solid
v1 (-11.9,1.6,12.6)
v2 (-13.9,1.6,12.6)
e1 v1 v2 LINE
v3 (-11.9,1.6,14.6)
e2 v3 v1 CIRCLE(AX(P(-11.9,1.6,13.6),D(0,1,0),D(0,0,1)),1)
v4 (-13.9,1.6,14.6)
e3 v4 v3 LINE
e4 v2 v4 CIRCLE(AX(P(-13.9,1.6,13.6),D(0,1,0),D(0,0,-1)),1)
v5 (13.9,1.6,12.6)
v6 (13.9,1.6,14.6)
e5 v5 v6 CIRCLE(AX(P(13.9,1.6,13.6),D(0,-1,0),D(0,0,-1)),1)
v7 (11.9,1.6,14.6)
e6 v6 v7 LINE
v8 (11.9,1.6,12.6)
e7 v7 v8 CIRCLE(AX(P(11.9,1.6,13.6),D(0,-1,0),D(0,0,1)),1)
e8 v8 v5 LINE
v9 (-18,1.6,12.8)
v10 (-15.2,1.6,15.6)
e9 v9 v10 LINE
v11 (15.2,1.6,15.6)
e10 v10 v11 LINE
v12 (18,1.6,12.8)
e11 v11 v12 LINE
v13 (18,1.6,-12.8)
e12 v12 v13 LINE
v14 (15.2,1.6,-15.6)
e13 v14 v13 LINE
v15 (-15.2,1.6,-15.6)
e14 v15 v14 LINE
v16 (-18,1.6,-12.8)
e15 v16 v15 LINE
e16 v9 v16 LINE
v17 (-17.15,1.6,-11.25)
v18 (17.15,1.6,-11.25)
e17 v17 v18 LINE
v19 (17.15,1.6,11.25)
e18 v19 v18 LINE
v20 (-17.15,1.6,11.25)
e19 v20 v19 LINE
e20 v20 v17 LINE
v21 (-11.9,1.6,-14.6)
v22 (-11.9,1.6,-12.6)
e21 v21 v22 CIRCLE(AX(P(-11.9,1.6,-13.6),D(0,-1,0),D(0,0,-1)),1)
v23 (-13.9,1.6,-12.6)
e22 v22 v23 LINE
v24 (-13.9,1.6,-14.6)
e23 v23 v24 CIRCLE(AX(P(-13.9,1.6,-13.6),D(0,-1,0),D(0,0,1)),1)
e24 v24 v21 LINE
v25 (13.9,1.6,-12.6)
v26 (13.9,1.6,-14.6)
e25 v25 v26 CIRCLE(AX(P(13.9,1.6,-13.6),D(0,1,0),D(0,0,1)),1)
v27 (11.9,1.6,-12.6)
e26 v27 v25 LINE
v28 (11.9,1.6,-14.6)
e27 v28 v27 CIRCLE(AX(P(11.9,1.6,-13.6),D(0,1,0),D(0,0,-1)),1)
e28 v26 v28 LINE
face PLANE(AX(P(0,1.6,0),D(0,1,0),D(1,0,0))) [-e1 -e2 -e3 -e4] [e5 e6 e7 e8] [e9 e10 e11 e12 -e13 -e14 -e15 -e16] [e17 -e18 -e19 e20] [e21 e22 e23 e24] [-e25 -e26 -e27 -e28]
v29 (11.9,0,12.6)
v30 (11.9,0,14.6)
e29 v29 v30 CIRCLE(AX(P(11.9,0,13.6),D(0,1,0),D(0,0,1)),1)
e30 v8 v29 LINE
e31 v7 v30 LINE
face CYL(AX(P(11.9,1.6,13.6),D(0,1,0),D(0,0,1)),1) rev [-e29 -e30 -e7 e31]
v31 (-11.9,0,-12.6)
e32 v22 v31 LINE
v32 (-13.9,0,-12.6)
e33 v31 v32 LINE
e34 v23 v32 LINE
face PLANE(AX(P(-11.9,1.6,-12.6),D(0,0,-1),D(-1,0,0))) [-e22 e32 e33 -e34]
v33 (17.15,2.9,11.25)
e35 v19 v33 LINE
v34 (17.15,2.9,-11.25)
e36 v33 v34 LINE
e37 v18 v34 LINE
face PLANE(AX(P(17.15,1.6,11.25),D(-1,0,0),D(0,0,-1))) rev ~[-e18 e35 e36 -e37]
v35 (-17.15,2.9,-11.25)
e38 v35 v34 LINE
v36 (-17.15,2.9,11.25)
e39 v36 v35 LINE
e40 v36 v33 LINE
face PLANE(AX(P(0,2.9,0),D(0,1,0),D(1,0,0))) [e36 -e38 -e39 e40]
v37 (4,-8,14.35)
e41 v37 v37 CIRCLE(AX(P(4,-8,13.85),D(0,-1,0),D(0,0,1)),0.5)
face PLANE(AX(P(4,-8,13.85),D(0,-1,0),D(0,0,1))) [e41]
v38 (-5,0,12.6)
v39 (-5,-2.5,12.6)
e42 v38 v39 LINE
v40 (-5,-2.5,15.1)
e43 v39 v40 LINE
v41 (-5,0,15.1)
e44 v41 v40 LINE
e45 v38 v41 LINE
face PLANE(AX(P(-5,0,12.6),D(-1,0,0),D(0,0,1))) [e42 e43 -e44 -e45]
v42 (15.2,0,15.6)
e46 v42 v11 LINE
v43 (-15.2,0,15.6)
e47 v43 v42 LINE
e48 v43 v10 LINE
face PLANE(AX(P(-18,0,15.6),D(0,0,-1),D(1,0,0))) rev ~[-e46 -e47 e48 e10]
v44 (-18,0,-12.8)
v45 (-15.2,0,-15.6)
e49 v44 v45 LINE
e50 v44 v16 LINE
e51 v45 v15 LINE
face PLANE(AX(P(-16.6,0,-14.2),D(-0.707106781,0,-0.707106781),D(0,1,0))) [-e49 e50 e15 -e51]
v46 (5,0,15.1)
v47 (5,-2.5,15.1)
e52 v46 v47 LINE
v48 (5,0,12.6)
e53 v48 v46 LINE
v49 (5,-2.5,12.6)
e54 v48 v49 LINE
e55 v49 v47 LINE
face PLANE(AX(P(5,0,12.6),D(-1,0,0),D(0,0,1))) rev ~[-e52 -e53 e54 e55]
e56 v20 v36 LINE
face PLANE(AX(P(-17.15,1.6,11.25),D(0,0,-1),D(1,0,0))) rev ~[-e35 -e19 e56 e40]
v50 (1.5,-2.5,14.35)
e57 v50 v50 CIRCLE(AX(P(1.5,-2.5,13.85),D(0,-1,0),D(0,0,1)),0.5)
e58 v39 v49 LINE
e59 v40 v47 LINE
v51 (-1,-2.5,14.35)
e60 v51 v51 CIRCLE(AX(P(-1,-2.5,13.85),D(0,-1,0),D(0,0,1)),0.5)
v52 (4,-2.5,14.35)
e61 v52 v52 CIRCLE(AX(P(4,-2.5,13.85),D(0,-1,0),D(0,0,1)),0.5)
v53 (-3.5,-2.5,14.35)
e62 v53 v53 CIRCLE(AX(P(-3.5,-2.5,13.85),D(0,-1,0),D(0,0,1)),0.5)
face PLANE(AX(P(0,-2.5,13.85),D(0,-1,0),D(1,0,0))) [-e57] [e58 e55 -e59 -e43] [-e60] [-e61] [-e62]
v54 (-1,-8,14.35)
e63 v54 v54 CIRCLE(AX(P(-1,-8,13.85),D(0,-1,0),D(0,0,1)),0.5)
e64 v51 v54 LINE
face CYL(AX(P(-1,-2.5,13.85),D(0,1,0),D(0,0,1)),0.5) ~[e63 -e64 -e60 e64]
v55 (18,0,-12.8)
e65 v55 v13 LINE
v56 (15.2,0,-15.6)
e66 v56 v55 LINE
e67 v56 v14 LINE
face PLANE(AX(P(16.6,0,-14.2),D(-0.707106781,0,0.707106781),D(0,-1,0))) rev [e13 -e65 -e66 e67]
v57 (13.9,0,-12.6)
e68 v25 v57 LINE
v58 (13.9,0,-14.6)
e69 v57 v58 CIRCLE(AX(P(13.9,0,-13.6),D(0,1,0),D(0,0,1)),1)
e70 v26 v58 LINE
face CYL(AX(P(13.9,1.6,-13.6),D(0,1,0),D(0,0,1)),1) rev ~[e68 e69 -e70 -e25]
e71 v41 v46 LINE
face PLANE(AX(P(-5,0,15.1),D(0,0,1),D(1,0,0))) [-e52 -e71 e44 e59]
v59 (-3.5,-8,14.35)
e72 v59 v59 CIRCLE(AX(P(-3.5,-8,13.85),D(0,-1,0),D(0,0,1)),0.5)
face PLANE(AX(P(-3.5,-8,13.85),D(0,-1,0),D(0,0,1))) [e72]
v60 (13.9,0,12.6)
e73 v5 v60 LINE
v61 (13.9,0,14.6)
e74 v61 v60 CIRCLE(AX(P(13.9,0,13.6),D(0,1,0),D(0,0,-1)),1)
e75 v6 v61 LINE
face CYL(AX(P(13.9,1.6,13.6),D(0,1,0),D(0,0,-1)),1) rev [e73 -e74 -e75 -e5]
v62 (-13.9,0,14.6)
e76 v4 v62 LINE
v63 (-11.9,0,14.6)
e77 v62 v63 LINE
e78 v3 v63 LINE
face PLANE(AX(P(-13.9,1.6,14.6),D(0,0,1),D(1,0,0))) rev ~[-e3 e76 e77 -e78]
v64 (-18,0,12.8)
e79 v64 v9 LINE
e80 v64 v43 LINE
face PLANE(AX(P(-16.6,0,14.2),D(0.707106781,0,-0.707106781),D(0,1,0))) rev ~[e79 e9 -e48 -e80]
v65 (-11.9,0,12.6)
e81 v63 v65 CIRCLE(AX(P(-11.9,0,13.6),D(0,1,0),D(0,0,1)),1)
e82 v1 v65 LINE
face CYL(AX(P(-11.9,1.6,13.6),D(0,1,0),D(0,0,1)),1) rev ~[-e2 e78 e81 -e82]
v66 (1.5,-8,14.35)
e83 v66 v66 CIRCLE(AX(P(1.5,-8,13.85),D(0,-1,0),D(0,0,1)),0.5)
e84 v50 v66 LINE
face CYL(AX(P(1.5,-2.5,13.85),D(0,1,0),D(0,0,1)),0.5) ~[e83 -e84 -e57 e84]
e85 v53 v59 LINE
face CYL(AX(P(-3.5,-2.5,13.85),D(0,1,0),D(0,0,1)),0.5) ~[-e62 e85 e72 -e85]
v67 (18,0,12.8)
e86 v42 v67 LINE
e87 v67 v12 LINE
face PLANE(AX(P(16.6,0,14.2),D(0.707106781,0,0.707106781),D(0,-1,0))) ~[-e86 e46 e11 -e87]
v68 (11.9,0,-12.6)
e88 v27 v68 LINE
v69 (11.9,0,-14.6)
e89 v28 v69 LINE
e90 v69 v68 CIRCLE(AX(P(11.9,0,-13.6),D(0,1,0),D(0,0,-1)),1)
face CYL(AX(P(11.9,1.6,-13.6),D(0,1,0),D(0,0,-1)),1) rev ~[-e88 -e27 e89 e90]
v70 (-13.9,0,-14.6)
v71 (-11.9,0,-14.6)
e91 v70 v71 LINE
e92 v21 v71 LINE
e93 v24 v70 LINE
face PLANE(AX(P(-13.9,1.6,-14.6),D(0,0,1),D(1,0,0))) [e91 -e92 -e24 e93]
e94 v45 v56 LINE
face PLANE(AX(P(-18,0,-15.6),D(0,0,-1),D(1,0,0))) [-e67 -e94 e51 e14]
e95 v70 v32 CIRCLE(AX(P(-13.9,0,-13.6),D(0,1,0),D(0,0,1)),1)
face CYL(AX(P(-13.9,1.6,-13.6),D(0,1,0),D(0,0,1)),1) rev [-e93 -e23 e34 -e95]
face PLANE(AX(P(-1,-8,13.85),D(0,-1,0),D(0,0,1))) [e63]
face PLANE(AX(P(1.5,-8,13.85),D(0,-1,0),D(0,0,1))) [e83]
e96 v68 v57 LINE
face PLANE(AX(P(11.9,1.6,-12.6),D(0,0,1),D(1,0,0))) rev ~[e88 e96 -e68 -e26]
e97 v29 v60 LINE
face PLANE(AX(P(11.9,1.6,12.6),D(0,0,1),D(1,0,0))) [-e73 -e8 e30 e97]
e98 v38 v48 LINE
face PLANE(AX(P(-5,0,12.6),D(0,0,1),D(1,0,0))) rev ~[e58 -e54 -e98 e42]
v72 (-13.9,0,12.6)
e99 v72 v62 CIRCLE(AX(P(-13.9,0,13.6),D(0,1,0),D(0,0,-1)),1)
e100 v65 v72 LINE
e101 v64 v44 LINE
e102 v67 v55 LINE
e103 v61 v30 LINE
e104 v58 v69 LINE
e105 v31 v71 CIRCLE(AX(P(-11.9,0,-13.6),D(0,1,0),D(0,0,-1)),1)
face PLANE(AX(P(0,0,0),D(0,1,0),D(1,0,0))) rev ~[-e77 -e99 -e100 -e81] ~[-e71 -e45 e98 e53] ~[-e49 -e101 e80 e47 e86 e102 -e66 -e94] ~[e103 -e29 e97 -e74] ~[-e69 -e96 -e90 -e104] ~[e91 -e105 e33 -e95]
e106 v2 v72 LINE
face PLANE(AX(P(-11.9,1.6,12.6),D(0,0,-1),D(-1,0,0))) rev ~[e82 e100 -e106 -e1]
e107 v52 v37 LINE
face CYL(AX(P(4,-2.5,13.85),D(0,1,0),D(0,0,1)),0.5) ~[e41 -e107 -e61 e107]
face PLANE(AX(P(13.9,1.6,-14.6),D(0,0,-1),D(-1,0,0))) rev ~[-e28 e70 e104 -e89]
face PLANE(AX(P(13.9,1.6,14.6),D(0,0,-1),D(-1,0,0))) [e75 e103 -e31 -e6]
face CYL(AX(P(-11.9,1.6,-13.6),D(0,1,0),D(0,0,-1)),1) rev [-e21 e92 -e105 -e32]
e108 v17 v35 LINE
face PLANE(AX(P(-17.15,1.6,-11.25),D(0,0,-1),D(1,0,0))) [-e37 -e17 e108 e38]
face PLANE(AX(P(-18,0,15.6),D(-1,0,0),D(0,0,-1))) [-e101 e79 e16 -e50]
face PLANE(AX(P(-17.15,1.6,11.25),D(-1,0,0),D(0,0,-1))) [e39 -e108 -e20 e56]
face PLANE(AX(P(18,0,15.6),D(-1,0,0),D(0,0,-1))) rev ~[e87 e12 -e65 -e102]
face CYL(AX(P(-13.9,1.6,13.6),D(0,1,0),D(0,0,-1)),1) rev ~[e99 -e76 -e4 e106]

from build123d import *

# Parameters (mm, degrees)
SKETCH_1_W             = 36
SKETCH_1_H             = 31.2
EXTRUDE_1_DEPTH        = 1.6
SKETCH_2_W             = 34.3
SKETCH_2_H             = 22.5
EXTRUDE_2_DEPTH        = 1.3
CUT_EXTRUDE_1_DEPTH    = 24.872997298
CHAMFER_1_SIZE         = 2.8
SKETCH_4_W             = 10
SKETCH_4_H             = 2.5
EXTRUDE_3_DEPTH        = 2.5
SKETCH_5_R             = 0.5
EXTRUDE_4_DEPTH        = 5.5
PATTERN_LINEAR_1_COUNT = 4
PATTERN_LINEAR_1_PITCH = 2.5


with BuildPart() as part:
    # 草图1 → 凸台-拉伸1 (new body)
    with BuildSketch(Plane(origin=(0, 0, 0), x_dir=(1, 0, 0), z_dir=(0, 1, 0))):
        Rectangle(SKETCH_1_W, SKETCH_1_H)
    extrude(amount=EXTRUDE_1_DEPTH)

    # 草图2 → 凸台-拉伸2 (add)
    with BuildSketch(Plane(origin=(0, 1.6, 0), x_dir=(1, 0, 0), z_dir=(0, 1, 0))):
        Rectangle(SKETCH_2_W, SKETCH_2_H)
    extrude(amount=EXTRUDE_2_DEPTH)

    # 草图3 → 切除-拉伸1 (cut, through all)
    with BuildSketch(Plane(origin=(0, 1.6, 0), x_dir=(1, 0, 0), z_dir=(0, 1, 0))):
        with BuildLine():
            Line((-13.9, 14.6), (-11.9, 14.6))
            ThreePointArc((-11.9, 14.6), (-10.9, 13.6), (-11.9, 12.6))
            Line((-11.9, 12.6), (-13.9, 12.6))
            ThreePointArc((-13.9, 12.6), (-14.9, 13.6), (-13.9, 14.6))
        make_face()
        with BuildLine():
            Line((13.9, 14.6), (11.9, 14.6))
            ThreePointArc((11.9, 14.6), (10.9, 13.6), (11.9, 12.6))
            Line((11.9, 12.6), (13.9, 12.6))
            ThreePointArc((13.9, 12.6), (14.9, 13.6), (13.9, 14.6))
        make_face()
        with BuildLine():
            Line((13.9, -14.6), (11.9, -14.6))
            ThreePointArc((11.9, -14.6), (10.9, -13.6), (11.9, -12.6))
            Line((11.9, -12.6), (13.9, -12.6))
            ThreePointArc((13.9, -12.6), (14.9, -13.6), (13.9, -14.6))
        make_face()
        with BuildLine():
            Line((-13.9, -14.6), (-11.9, -14.6))
            ThreePointArc((-11.9, -14.6), (-10.9, -13.6), (-11.9, -12.6))
            Line((-11.9, -12.6), (-13.9, -12.6))
            ThreePointArc((-13.9, -12.6), (-14.9, -13.6), (-13.9, -14.6))
        make_face()
    extrude(amount=-CUT_EXTRUDE_1_DEPTH, mode=Mode.SUBTRACT)

    # 倒角1
    chamfer_1_edges = [part.edges().sort_by_distance(p)[0] for p in [
        (18, 0.8, 15.6),
        (-18, 0.8, 15.6),
        (-18, 0.8, -15.6),
        (18, 0.8, -15.6),
    ]]
    chamfer(chamfer_1_edges, length=CHAMFER_1_SIZE)

    # 草图4 → 凸台-拉伸3 (add)
    with BuildSketch(Plane.XZ):
        with Locations((0, 13.85)):
            Rectangle(SKETCH_4_W, SKETCH_4_H)
    extrude(amount=EXTRUDE_3_DEPTH)

    # 草图5 → 凸台-拉伸4 (add)
    with BuildSketch(Plane.XZ.offset(2.5)):
        with Locations(Location((-3.5, 13.85, 0), (0, 0, 90))):
            Circle(SKETCH_5_R)
    extrude_4 = extrude(amount=EXTRUDE_4_DEPTH)

    # 阵列(线性)1: 凸台-拉伸4 ×4
    with Locations(*[(i * PATTERN_LINEAR_1_PITCH, 0, 0) for i in range(1, PATTERN_LINEAR_1_COUNT)]):
        add(extrude_4)


solid = part.part
